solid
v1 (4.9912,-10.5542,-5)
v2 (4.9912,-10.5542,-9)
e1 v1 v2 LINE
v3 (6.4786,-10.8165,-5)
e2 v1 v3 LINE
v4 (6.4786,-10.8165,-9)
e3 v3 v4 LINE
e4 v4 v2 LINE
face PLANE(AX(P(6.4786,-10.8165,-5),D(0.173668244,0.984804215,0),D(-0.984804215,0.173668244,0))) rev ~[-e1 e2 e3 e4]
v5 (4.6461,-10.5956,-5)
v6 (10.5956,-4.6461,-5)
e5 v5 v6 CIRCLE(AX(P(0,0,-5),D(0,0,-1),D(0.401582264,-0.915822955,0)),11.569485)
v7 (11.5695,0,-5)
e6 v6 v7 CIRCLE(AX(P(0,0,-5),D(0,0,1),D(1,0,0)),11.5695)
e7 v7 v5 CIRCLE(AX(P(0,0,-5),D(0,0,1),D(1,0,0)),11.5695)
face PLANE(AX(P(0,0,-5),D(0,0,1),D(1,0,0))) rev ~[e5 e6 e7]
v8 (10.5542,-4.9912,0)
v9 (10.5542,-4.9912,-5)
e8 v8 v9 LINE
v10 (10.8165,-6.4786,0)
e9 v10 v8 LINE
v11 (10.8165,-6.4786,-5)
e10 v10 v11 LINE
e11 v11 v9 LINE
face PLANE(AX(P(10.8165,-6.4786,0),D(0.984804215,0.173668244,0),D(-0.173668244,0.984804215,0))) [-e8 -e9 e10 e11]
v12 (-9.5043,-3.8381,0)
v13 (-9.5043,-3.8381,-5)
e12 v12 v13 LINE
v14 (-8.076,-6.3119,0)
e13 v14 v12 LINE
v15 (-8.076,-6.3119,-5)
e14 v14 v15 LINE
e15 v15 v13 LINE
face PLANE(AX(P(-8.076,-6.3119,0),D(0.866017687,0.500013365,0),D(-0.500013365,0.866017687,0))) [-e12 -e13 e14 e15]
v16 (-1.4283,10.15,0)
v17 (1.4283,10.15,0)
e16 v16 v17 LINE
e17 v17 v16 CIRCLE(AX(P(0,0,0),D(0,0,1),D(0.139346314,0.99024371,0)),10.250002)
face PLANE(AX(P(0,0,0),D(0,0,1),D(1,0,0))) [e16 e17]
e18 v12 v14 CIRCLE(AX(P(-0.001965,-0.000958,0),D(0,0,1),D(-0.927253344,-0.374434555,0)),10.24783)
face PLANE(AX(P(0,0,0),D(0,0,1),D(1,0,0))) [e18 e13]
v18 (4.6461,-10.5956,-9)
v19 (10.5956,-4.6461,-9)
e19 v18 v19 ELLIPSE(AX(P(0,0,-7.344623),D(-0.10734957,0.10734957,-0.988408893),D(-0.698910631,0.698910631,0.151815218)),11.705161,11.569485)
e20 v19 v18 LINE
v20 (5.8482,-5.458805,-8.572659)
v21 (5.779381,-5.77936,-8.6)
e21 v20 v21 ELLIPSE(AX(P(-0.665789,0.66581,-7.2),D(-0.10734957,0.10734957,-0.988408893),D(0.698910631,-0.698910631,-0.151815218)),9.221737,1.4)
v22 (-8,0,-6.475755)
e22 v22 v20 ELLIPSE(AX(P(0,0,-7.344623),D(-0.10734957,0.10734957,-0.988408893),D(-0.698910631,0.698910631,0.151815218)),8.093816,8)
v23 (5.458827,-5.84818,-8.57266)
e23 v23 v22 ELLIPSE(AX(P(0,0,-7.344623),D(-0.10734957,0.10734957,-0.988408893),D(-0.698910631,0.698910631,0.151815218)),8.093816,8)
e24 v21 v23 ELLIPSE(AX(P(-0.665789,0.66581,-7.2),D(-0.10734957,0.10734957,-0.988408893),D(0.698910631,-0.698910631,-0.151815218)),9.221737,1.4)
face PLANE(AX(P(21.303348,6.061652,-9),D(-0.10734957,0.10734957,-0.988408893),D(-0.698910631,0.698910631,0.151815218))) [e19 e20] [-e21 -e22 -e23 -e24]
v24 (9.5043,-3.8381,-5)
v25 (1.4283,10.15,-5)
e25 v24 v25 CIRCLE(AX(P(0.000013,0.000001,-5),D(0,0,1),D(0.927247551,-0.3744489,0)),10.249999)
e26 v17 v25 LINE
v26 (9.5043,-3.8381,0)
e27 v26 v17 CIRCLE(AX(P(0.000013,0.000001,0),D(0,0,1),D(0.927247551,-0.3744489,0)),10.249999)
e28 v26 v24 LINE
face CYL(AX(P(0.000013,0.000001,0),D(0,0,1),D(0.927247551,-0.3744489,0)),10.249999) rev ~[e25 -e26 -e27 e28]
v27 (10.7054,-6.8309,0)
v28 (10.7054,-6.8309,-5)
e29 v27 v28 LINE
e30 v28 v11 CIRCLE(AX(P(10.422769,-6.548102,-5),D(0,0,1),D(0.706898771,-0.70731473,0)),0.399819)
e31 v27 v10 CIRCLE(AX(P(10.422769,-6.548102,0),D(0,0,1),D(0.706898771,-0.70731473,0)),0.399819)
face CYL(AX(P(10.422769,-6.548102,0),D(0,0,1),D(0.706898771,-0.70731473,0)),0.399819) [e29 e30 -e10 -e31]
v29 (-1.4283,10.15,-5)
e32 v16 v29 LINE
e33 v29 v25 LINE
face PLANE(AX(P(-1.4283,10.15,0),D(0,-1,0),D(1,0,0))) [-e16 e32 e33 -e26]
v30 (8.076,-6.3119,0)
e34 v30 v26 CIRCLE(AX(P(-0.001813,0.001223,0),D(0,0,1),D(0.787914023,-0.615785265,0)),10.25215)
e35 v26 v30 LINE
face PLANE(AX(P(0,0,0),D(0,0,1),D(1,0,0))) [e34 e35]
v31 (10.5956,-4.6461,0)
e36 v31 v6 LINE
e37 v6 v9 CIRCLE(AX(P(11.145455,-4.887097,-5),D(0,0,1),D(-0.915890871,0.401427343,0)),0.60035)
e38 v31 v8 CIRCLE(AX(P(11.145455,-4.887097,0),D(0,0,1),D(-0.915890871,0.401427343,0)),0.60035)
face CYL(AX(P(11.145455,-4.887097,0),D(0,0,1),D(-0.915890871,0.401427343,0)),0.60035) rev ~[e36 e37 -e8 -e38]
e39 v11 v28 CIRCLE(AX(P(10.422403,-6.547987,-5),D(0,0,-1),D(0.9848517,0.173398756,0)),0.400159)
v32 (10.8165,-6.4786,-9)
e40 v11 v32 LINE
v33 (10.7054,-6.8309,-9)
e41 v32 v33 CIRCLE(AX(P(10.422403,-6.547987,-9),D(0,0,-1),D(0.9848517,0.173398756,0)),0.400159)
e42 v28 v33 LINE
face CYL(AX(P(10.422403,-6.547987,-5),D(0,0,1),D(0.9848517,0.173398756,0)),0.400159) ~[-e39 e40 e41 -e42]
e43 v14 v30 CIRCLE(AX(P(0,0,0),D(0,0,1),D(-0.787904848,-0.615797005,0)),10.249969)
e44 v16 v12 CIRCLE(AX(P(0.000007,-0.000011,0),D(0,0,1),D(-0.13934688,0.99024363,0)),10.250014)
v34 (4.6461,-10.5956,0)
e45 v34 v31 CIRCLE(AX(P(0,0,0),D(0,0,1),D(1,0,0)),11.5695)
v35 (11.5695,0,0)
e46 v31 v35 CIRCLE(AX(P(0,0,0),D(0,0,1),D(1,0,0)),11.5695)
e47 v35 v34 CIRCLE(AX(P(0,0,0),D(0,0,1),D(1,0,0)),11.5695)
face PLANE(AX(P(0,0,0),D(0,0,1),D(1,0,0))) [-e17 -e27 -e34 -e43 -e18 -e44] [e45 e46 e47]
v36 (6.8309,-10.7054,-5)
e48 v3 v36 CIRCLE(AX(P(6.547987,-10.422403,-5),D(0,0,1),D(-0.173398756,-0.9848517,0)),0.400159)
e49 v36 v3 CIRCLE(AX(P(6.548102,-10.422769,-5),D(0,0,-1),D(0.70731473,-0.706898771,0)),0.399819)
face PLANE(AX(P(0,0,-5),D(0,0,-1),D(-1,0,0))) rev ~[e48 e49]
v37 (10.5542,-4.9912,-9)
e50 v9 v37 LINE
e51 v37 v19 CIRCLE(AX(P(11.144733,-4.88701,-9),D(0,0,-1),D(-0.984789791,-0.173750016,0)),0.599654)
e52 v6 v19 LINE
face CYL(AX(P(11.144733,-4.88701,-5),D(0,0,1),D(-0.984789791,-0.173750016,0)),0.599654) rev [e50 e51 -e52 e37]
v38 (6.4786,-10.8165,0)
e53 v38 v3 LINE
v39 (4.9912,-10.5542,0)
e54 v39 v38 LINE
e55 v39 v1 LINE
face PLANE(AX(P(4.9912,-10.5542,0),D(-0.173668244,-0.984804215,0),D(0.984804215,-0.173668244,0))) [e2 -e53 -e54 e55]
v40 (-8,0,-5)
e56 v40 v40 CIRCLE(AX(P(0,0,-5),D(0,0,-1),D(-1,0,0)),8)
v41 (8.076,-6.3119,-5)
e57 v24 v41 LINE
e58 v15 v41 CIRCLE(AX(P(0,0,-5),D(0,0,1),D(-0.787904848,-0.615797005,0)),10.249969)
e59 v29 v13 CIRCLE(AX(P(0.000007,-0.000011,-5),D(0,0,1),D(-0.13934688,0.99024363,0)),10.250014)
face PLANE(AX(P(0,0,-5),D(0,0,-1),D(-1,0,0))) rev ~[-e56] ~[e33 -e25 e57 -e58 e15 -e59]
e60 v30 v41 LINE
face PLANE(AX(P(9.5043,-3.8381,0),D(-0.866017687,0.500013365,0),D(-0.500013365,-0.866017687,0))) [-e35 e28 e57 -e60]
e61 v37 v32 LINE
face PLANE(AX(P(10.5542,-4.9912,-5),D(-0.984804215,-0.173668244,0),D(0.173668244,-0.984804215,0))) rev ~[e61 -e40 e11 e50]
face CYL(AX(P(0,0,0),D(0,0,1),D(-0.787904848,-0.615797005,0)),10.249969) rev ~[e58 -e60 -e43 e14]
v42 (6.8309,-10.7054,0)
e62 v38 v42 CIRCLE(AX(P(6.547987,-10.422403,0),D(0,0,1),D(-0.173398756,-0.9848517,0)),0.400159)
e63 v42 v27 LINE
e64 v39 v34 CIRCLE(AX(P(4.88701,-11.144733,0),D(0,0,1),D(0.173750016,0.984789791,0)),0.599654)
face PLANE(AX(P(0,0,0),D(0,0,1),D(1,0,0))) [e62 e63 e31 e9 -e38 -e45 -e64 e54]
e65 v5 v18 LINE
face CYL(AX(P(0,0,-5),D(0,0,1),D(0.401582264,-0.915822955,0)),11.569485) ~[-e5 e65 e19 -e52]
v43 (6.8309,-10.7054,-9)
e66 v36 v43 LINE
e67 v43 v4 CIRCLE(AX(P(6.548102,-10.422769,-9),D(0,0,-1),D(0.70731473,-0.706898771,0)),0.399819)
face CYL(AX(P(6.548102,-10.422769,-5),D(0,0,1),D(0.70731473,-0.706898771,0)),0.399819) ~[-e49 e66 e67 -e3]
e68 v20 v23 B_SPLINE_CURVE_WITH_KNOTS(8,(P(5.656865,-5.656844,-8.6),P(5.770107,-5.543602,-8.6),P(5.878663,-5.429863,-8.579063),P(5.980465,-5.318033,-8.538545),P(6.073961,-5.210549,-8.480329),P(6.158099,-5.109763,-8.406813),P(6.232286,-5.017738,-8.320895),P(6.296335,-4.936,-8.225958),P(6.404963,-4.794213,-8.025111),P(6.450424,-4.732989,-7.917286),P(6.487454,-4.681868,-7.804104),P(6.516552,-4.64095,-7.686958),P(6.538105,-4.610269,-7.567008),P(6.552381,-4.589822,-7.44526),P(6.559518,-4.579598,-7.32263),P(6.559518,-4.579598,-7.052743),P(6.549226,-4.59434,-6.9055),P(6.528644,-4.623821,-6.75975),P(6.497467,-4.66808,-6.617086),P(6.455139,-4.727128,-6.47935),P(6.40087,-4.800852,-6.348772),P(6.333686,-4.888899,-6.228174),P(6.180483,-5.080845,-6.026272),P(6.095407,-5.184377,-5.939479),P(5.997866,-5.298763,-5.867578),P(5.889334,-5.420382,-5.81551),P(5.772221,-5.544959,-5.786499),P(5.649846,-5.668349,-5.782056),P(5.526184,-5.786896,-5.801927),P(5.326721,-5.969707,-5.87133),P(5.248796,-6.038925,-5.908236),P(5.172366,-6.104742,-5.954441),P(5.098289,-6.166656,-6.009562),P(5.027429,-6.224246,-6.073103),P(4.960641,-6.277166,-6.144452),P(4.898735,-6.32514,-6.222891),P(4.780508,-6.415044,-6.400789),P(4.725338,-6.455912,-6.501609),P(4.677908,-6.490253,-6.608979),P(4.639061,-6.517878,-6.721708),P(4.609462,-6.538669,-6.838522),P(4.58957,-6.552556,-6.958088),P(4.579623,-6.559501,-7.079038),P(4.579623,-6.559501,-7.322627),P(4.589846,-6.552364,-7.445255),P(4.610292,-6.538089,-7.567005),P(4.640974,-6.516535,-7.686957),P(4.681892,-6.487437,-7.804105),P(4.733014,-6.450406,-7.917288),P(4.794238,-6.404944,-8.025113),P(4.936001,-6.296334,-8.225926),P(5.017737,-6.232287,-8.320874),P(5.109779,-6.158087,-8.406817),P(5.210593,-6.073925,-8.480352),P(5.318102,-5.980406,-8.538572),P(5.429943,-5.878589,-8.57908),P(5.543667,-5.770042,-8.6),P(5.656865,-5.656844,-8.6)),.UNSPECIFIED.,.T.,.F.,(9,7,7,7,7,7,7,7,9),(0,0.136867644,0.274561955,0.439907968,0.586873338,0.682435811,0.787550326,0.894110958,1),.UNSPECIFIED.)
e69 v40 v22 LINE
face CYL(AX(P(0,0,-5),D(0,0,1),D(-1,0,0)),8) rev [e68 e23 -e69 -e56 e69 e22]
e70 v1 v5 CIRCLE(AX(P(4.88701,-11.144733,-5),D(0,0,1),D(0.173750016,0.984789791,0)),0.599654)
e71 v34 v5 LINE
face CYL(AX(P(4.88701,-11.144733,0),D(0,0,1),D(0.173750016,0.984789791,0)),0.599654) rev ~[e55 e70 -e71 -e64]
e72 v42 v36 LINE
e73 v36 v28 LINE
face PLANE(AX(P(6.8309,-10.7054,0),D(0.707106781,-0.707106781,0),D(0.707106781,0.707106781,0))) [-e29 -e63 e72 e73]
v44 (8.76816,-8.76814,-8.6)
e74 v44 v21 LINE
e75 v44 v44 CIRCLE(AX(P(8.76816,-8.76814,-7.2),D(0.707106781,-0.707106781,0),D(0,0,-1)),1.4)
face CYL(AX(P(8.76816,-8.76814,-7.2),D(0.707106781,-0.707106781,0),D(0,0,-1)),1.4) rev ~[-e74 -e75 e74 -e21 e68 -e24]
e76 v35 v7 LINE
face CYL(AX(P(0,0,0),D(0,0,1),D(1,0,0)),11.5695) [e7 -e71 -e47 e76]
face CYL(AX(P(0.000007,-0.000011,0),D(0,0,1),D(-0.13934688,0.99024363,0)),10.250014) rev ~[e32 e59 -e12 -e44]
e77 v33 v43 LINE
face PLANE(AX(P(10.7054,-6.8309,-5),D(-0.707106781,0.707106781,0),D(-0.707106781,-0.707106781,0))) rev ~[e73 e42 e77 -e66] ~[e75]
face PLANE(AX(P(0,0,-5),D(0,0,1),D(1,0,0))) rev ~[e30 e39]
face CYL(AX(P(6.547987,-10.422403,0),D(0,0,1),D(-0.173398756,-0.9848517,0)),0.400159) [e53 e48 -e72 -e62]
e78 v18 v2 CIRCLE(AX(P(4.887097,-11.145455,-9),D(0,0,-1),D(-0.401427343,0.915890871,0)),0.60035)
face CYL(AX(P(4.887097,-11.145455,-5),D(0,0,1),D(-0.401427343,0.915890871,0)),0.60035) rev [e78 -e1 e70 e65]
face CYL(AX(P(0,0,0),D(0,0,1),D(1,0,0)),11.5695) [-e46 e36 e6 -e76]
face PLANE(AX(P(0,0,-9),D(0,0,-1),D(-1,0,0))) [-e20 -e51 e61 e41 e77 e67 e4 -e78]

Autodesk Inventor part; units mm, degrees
ref_plane "YZ Plane" through (0, 0, 0) normal (1, 0, 0) x (0, 1, 0)
ref_plane "XZ Plane" through (0, 0, 0) normal (0, 1, 0) x (-1, 0, 0)
ref_plane "XY Plane" through (0, 0, 0) normal (0, 0, 1) x (1, 0, 0)
sketch "Sketch1" plane through (0, 0, 0) normal (0, 0, 1) x (1, 0, 0)
  line L0 (9.6801, -14.008) -> (7.2052, -11.5331) construction
  line L1 (7.2052, -11.5331) -> (11.5893, -7.1491) construction
  line L2 (11.5893, -7.1491) -> (14.0642, -9.6239) construction
  line L3 (14.0642, -9.6239) -> (9.6801, -14.008) construction
  arc A0 (12.6369, -4.7496) -> (4.7496, -12.6369) centre (0, 0) ccw construction
  line L4 (10.9298, -3.0424) -> (12.6369, -4.7496) construction
  line L5 (11.6618, -4.6122) -> (10.9298, -3.0424) construction
  arc A1 (11.6618, -4.6122) -> (10.8551, -4.47) centre (11.2086, -4.8235) ccw construction
  line L6 (10.7915, -4.5335) -> (10.8551, -4.47) construction
  arc A2 (10.7915, -4.5335) -> (10.6527, -4.9738) centre (11.1451, -4.887) ccw construction
  line L7 (10.915, -6.4612) -> (10.6527, -4.9738) construction
  arc A3 (10.7761, -6.9016) -> (10.915, -6.4612) centre (10.4226, -6.548) ccw construction
  line L8 (6.9016, -10.7761) -> (10.7761, -6.9016) construction
  arc A4 (6.4612, -10.915) -> (6.9016, -10.7761) centre (6.548, -10.4226) ccw construction
  line L9 (6.4612, -10.915) -> (4.9738, -10.6527) construction
  arc A5 (4.9738, -10.6527) -> (4.5335, -10.7915) centre (4.887, -11.1451) ccw construction
  line L10 (4.5335, -10.7915) -> (4.47, -10.8551) construction
  arc A6 (4.47, -10.8551) -> (4.6122, -11.6618) centre (4.8235, -11.2086) ccw construction
  line L11 (4.6122, -11.6618) -> (3.0424, -10.9298) construction
  line L12 (3.0424, -10.9298) -> (4.7496, -12.6369) construction
  line L13 (-1.7167, -14.6498) -> (-1.7167, -17.5) construction
  line L14 (-1.7167, -17.5) -> (1.7167, -17.5) construction
  line L15 (1.7167, -14.6498) -> (1.7167, -17.5) construction
  arc A7 (1.7167, -14.6498) -> (6.9595, -13.0049) centre (0, 0) ccw construction
  arc A8 (6.9595, -13.0049) -> (8.2728, -15.1789) centre (8.2994, -13.6792) ccw construction
  line L16 (8.2728, -15.1789) -> (7.6816, -15.1684) construction
  arc A9 (8.5249, -17.8901) -> (7.6816, -15.1684) centre (7.655, -16.6682) ccw construction
  line L17 (8.5249, -17.8901) -> (13.5161, -14.3366) construction
  line L18 (13.5161, -14.3366) -> (13.5161, -12.2823) construction
  line L19 (13.5161, -12.2823) -> (14.6168, -12.2823) construction
  line L20 (14.6168, -12.2823) -> (14.6168, -1.9776) construction
  arc A10 (14.6168, -1.9776) -> (1.7167, 14.6498) centre (0, 0) ccw construction
  line L21 (1.7167, 14.6498) -> (1.7167, 17.5) construction
  line L22 (-1.7167, 17.5) -> (1.7167, 17.5) construction
  line L23 (-1.7167, 14.6498) -> (-1.7167, 17.5) construction
  arc A11 (-1.7167, 14.6498) -> (-14.2817, -3.6872) centre (0, 0) ccw construction
  line L24 (-14.2817, -3.6872) -> (-15.4135, -5.7935) construction
  arc A12 (-15.4135, -5.7935) -> (-14.5984, -8.502) centre (-13.6517, -6.7402) ccw construction
  line L25 (-14.5984, -8.502) -> (-9.6326, -11.1703) construction
  arc A13 (-9.6326, -11.1703) -> (-1.7167, -14.6498) centre (0, 0) ccw construction
  line L26 (-24.6, 24.6) -> (25.2, -25.2) construction
  line L27 (25.2, 24.6) -> (-24.6, -25.2) construction
  arc A14 (-1.4283, 10.15) -> (-9.5043, -3.8381) centre (0, 0) ccw
  circle A15 centre (0, 0) radius 10.1 construction
  line L28 (-1.4283, 10.15) -> (1.4283, 10.15)
  line L29 (-8.076, -6.3119) -> (-9.5043, -3.8381)
  line L30 (9.5043, -3.8381) -> (8.076, -6.3119)
  arc A16 (1.4283, 10.15) -> (-1.4283, 10.15) centre (0, 0) ccw
  arc A17 (9.5043, -3.8381) -> (1.4283, 10.15) centre (0, 0) ccw
  arc A18 (8.076, -6.3119) -> (9.5043, -3.8381) centre (0, 0) ccw
  arc A19 (-8.076, -6.3119) -> (8.076, -6.3119) centre (0, 0) ccw
  arc A20 (-9.5043, -3.8381) -> (-8.076, -6.3119) centre (0, 0) ccw
  arc A21 (10.7054, -6.8309) -> (10.8165, -6.4786) centre (10.4226, -6.548) ccw
  line L31 (10.8165, -6.4786) -> (10.5542, -4.9912)
  arc A22 (10.7208, -4.4628) -> (10.5956, -4.6461) centre (11.1451, -4.887) ccw construction
  line L32 (10.7208, -4.4628) -> (10.7844, -4.3992) construction
  arc A23 (11.7601, -5.0598) -> (10.7844, -4.3992) centre (11.2086, -4.8235) ccw construction
  line L33 (11.7601, -5.0598) -> (10.5994, -2.5707) construction
  line L34 (10.5994, -2.5707) -> (12.5972, -4.5684) construction
  arc A24 (12.5972, -4.5684) -> (4.5684, -12.5972) centre (0, 0) ccw construction
  line L35 (4.5684, -12.5972) -> (2.5707, -10.5994) construction
  line L36 (2.5707, -10.5994) -> (4.2491, -11.3821) construction
  arc A25 (4.3992, -10.7844) -> (4.2491, -11.3821) centre (4.8235, -11.2086) ccw construction
  line L37 (4.3992, -10.7844) -> (4.4628, -10.7208) construction
  arc A26 (4.9912, -10.5542) -> (4.6461, -10.5956) centre (4.887, -11.1451) ccw
  line L38 (4.9912, -10.5542) -> (6.4786, -10.8165)
  arc A27 (6.4786, -10.8165) -> (6.8309, -10.7054) centre (6.548, -10.4226) ccw
  line L39 (6.8309, -10.7054) -> (10.7054, -6.8309)
  circle A28 centre (0, 0) radius 11.5695
  arc A29 (4.6461, -10.5956) -> (4.4628, -10.7208) centre (4.887, -11.1451) ccw construction
  arc A30 (10.5956, -4.6461) -> (10.5542, -4.9912) centre (11.1451, -4.887) ccw
  dimension "d4" = 20.2
  dimension "d5" = 10.15
  dimension "d6" = 20.5
  dimension "d9" = 360
  dimension "d11" = 0.1
extrude "Extrusion1" add sketch "Sketch1" against normal blind 5 contours A16 L28 | L29 A20 | A18 L30 | L39 A27 L38 A26 A28 A30 L31 A21 | A28
sketch "Sketch3" plane through (0, 0, -5) normal (0, 0, -1) x (-1, 0, 0)
  line L0 (9.5043, -3.8381) -> (8.076, -6.3119) projected
  arc A0 (-8.076, -6.3119) -> (8.076, -6.3119) centre (0, 0) ccw projected
  line L1 (-8.076, -6.3119) -> (-9.5043, -3.8381) projected
  arc A1 (-1.4283, 10.15) -> (-9.5043, -3.8381) centre (0, 0) ccw projected
  line L2 (-1.4283, 10.15) -> (1.4283, 10.15) projected
  arc A2 (9.5043, -3.8381) -> (1.4283, 10.15) centre (0, 0) ccw projected
  arc A3 (-10.8165, -6.4786) -> (-10.7054, -6.8309) centre (-10.4226, -6.548) ccw projected
  line L3 (-10.7054, -6.8309) -> (-6.8309, -10.7054) projected
  arc A4 (-6.8309, -10.7054) -> (-6.4786, -10.8165) centre (-6.548, -10.4226) ccw projected
  line L4 (-6.4786, -10.8165) -> (-4.9912, -10.5542) projected
  arc A5 (-4.6461, -10.5956) -> (-4.9912, -10.5542) centre (-4.887, -11.1451) ccw projected
  arc A6 (-4.6461, -10.5956) -> (-10.5956, -4.6461) centre (0, 0) ccw projected
  arc A7 (-10.5542, -4.9912) -> (-10.5956, -4.6461) centre (-11.1451, -4.887) ccw projected
  line L5 (-10.5542, -4.9912) -> (-10.8165, -6.4786) projected
  circle A8 centre (0, 0) radius 8
  circle A9 centre (0, 0) radius 10.25
  dimension "d17" = 16
extrude "Extrusion3" add sketch "Sketch3" along normal blind 4 contours A9 L0 | L0 A0 L1 A1 L2 A2 | A9 L1 | L2 A9 | L5 A7 A6 A5 L4 A4 L3 A3
sketch "Sketch4" plane through (6.8309, -10.7054, 0) normal (0.7071, -0.7071, 0) x (0, 0, -1)
  line L0 (0, 0) -> (0, 5.4794) construction
  line L1 (0, 0) -> (9, 0) construction
  line L2 (9, 5.4794) -> (9, 0) construction
  line L3 (0, 5.4794) -> (9, 5.4794) construction
  line L4 (0, 2.7397) -> (9, 2.7397) construction
  circle A0 centre (7.2, 2.7397) radius 1.4
  dimension "d20" = 2.8
  dimension "d21" = 1.8
extrude "Extrusion4" cut sketch "Sketch4" against normal up to surface
ref_plane "Work Plane1" through (-17.2706, 44.6356, -9.6736) normal (0.7071, 0.7071, 0) x (0.7071, -0.7071, 0)
sketch "Sketch5" plane through (-17.2706, 44.6356, -9.6736) normal (0.7071, 0.7071, 0) x (0.7071, -0.7071, 0)
  line L0 (54.5518, -9.6736) -> (54.5518, -0.6736) projected
  line L1 (54.5518, -0.6736) -> (54.5518, -0.6736) projected
  line L2 (54.5518, -9.6736) -> (54.5518, -0.6736) projected
  line L3 (54.5518, -9.6736) -> (54.5518, -9.6736) projected
  line L4 (54.5518, -9.6736) -> (54.5518, -0.6736) projected
  line L5 (54.5518, -0.6736) -> (32.2048, -4.106)
  line L6 (32.2048, -9.6736) -> (32.2048, -0.6736) projected
  line L7 (54.5518, -0.6736) -> (32.2048, -0.6736) projected
  line L8 (32.2048, -0.6736) -> (32.2048, -4.106)
  line L9 (32.2048, -0.6736) -> (54.5518, -0.6736)
  point P0 (43.7743, -9.6736)
extrude "Extrusion5" cut sketch "Sketch5" against normal through all
properties part number "cellSTORM_objective_thread"
